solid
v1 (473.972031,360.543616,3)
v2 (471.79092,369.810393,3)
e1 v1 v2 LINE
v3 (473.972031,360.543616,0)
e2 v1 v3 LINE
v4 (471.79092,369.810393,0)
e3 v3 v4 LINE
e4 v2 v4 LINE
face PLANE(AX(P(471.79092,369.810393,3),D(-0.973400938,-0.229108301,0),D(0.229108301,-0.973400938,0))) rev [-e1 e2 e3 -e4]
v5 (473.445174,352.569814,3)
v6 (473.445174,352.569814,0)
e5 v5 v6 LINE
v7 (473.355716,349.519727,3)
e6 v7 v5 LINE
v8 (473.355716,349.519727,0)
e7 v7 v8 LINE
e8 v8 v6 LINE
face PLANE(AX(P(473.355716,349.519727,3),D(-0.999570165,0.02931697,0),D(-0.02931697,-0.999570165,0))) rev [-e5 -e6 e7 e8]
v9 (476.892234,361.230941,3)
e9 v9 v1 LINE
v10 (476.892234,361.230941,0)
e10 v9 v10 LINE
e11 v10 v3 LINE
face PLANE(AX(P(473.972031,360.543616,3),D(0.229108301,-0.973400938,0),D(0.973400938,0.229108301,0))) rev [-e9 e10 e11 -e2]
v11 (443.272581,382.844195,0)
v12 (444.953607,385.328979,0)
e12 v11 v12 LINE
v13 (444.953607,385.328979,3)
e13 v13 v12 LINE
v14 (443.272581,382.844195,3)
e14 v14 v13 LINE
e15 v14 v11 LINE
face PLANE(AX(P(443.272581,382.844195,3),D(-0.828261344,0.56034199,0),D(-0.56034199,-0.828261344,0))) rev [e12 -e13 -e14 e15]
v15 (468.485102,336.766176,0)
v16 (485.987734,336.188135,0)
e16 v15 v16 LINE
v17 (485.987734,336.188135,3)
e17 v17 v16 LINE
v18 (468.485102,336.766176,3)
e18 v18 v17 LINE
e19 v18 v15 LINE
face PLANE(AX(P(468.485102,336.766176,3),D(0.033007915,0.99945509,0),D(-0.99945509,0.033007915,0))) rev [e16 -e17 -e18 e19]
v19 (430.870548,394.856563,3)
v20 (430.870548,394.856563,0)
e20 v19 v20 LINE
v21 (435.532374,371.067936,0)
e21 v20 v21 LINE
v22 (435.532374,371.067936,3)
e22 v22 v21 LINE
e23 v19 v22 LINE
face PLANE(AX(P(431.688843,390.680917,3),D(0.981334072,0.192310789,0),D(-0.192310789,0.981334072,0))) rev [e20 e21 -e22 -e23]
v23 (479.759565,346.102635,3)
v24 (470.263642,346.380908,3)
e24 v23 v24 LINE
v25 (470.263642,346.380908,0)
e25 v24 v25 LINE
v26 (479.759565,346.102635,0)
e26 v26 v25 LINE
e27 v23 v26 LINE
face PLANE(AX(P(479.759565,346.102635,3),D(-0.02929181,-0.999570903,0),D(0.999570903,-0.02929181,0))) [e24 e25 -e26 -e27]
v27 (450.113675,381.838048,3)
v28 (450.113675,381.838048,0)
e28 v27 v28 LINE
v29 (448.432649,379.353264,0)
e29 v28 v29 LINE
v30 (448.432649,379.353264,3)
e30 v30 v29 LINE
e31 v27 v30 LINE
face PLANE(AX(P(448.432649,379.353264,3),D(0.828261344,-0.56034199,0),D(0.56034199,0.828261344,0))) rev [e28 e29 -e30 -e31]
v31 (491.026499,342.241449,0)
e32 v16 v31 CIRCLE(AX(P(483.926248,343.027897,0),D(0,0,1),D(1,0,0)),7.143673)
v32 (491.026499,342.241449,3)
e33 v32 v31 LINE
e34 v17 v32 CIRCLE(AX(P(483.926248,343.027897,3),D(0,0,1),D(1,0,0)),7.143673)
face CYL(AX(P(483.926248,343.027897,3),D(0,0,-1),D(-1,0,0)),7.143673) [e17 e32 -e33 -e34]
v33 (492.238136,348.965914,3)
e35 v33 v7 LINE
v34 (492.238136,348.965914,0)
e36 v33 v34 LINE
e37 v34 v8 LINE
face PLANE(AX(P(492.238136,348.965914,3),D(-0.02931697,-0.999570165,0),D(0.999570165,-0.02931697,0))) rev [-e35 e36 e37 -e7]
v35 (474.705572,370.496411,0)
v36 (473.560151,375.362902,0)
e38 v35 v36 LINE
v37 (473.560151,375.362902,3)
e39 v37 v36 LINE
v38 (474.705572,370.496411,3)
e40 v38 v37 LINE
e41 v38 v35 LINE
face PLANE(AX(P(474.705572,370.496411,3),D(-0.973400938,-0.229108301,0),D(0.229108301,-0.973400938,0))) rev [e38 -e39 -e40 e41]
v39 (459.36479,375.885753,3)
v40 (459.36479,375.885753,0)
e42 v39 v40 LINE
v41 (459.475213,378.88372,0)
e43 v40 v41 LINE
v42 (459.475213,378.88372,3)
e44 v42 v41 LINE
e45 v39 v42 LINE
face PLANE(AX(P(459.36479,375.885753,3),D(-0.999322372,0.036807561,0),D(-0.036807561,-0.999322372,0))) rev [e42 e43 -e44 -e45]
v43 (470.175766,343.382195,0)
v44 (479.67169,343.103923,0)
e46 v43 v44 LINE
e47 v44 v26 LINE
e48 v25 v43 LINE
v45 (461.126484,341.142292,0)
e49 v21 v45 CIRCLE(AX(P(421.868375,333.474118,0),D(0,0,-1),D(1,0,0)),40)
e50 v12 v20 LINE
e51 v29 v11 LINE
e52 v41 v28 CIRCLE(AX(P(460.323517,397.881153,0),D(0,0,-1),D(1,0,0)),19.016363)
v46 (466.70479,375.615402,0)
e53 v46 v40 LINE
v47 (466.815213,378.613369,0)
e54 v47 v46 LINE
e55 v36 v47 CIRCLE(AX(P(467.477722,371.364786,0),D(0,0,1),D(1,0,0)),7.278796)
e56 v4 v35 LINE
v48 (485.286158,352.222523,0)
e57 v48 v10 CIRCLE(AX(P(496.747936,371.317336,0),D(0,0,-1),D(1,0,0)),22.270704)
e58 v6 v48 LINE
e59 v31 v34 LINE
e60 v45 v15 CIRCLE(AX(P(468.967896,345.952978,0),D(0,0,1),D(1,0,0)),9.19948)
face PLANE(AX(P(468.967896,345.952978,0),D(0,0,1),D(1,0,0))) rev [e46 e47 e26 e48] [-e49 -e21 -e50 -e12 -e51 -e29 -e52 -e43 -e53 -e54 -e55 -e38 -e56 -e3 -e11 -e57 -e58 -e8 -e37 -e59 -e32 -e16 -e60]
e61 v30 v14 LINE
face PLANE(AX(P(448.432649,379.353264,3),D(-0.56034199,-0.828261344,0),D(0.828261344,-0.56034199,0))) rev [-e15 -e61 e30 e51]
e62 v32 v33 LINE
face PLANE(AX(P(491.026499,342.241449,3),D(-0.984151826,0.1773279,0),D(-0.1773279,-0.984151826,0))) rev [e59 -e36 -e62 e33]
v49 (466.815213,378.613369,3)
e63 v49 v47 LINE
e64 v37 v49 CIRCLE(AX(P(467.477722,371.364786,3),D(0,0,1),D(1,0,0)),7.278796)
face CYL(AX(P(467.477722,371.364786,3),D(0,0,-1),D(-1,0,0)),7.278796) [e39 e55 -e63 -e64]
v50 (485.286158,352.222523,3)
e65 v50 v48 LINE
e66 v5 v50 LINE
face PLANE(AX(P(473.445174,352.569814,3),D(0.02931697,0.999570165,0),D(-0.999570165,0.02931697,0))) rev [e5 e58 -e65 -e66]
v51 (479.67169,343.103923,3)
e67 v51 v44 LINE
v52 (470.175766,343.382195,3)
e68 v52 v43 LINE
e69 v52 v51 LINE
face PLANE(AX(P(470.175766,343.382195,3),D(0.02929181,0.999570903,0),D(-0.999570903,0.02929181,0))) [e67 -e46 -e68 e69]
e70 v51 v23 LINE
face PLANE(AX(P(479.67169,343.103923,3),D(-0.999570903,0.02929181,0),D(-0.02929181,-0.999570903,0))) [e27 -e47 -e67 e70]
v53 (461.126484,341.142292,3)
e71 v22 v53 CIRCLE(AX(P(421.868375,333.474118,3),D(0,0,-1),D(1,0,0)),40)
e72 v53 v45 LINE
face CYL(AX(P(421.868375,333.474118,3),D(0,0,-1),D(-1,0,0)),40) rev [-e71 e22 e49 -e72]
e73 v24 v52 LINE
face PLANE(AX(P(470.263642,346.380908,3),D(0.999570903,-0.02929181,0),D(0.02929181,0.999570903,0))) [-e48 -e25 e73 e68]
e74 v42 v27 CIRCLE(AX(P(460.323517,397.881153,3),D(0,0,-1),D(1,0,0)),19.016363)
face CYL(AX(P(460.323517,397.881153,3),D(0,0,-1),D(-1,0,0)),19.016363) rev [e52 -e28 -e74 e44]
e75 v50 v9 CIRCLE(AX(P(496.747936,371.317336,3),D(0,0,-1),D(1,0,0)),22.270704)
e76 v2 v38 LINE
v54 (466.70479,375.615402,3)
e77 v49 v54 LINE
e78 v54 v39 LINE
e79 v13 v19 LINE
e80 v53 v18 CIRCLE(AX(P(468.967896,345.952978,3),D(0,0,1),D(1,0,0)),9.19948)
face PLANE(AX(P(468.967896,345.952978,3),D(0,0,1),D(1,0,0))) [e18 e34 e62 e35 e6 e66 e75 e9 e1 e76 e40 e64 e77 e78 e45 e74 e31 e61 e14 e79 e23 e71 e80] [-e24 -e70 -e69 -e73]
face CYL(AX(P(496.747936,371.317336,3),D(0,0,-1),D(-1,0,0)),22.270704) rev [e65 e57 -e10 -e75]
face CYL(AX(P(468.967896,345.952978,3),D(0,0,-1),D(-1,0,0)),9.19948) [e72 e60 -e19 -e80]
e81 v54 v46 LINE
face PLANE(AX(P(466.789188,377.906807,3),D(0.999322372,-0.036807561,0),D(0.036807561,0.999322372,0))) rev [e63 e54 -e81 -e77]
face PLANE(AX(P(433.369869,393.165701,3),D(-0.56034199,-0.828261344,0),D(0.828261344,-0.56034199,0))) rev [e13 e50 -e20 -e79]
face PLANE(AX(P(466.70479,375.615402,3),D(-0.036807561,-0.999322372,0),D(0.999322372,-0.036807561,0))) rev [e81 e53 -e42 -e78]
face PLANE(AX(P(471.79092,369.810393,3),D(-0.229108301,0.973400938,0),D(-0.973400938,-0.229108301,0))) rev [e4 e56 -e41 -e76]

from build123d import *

# Parameters (mm, degrees)
BASE_EXTRUDE_DEPTH = 3


with BuildPart() as part:
    # Sketch1 → Base-Extrude (new body)
    with BuildSketch(Plane.XY):
        with BuildLine():
            Line((468.485101771, 336.766175753), (485.987733808, 336.188135391))
            ThreePointArc((485.987733808, 336.188135391), (489.416694784, 338.457661181), (491.026498899, 342.241449149))
            Line((491.026498899, 342.241449149), (492.238136306, 348.965913631))
            Line((492.238136306, 348.965913631), (473.355716317, 349.519727014))
            Line((473.355716317, 349.519727014), (473.445174068, 352.569813696))
            Line((473.445174068, 352.569813696), (485.286157606, 352.222522663))
            ThreePointArc((485.286157606, 352.222522663), (480.454254926, 356.13510234), (476.892234144, 361.230940955))
            Line((476.892234144, 361.230940955), (473.97203133, 360.543616051))
            Line((473.97203133, 360.543616051), (471.7909203, 369.810392981))
            Line((471.7909203, 369.810392981), (474.705571912, 370.496411305))
            Line((474.705571912, 370.496411305), (473.56015142, 375.362901844))
            ThreePointArc((473.56015142, 375.362901844), (470.637669512, 377.921889716), (466.815212769, 378.613369196))
            Line((466.815212769, 378.613369196), (466.789188287, 377.906806581))
            Line((466.789188287, 377.906806581), (466.704790084, 375.615402079))
            Line((466.704790084, 375.615402079), (459.364790084, 375.885752778))
            Line((459.364790084, 375.885752778), (459.475212769, 378.883719894))
            ThreePointArc((459.475212769, 378.883719894), (454.600522802, 379.746395641), (450.113675126, 381.838048014))
            Line((450.113675126, 381.838048014), (448.432649155, 379.353263982))
            Line((448.432649155, 379.353263982), (443.272580982, 382.844194581))
            Line((443.272580982, 382.844194581), (444.953606952, 385.328978613))
            Line((444.953606952, 385.328978613), (433.36986946, 393.165701366))
            Line((433.36986946, 393.165701366), (430.870547605, 394.856562582))
            Line((430.870547605, 394.856562582), (431.68884349, 390.680917334))
            Line((431.68884349, 390.680917334), (435.532374472, 371.067936044))
            ThreePointArc((435.532374472, 371.067936044), (452.26695125, 359.472706568), (461.126484264, 341.142292461))
            ThreePointArc((461.126484264, 341.142292461), (464.265694284, 338.046036211), (468.485101771, 336.766175753))
        make_face()
        Polygon((470.175766233, 343.382194878), (479.67168981, 343.103922683), (479.75956524, 346.102635392), (470.263641663, 346.380907586), align=None, mode=Mode.SUBTRACT)
    extrude(amount=BASE_EXTRUDE_DEPTH)


solid = part.part
